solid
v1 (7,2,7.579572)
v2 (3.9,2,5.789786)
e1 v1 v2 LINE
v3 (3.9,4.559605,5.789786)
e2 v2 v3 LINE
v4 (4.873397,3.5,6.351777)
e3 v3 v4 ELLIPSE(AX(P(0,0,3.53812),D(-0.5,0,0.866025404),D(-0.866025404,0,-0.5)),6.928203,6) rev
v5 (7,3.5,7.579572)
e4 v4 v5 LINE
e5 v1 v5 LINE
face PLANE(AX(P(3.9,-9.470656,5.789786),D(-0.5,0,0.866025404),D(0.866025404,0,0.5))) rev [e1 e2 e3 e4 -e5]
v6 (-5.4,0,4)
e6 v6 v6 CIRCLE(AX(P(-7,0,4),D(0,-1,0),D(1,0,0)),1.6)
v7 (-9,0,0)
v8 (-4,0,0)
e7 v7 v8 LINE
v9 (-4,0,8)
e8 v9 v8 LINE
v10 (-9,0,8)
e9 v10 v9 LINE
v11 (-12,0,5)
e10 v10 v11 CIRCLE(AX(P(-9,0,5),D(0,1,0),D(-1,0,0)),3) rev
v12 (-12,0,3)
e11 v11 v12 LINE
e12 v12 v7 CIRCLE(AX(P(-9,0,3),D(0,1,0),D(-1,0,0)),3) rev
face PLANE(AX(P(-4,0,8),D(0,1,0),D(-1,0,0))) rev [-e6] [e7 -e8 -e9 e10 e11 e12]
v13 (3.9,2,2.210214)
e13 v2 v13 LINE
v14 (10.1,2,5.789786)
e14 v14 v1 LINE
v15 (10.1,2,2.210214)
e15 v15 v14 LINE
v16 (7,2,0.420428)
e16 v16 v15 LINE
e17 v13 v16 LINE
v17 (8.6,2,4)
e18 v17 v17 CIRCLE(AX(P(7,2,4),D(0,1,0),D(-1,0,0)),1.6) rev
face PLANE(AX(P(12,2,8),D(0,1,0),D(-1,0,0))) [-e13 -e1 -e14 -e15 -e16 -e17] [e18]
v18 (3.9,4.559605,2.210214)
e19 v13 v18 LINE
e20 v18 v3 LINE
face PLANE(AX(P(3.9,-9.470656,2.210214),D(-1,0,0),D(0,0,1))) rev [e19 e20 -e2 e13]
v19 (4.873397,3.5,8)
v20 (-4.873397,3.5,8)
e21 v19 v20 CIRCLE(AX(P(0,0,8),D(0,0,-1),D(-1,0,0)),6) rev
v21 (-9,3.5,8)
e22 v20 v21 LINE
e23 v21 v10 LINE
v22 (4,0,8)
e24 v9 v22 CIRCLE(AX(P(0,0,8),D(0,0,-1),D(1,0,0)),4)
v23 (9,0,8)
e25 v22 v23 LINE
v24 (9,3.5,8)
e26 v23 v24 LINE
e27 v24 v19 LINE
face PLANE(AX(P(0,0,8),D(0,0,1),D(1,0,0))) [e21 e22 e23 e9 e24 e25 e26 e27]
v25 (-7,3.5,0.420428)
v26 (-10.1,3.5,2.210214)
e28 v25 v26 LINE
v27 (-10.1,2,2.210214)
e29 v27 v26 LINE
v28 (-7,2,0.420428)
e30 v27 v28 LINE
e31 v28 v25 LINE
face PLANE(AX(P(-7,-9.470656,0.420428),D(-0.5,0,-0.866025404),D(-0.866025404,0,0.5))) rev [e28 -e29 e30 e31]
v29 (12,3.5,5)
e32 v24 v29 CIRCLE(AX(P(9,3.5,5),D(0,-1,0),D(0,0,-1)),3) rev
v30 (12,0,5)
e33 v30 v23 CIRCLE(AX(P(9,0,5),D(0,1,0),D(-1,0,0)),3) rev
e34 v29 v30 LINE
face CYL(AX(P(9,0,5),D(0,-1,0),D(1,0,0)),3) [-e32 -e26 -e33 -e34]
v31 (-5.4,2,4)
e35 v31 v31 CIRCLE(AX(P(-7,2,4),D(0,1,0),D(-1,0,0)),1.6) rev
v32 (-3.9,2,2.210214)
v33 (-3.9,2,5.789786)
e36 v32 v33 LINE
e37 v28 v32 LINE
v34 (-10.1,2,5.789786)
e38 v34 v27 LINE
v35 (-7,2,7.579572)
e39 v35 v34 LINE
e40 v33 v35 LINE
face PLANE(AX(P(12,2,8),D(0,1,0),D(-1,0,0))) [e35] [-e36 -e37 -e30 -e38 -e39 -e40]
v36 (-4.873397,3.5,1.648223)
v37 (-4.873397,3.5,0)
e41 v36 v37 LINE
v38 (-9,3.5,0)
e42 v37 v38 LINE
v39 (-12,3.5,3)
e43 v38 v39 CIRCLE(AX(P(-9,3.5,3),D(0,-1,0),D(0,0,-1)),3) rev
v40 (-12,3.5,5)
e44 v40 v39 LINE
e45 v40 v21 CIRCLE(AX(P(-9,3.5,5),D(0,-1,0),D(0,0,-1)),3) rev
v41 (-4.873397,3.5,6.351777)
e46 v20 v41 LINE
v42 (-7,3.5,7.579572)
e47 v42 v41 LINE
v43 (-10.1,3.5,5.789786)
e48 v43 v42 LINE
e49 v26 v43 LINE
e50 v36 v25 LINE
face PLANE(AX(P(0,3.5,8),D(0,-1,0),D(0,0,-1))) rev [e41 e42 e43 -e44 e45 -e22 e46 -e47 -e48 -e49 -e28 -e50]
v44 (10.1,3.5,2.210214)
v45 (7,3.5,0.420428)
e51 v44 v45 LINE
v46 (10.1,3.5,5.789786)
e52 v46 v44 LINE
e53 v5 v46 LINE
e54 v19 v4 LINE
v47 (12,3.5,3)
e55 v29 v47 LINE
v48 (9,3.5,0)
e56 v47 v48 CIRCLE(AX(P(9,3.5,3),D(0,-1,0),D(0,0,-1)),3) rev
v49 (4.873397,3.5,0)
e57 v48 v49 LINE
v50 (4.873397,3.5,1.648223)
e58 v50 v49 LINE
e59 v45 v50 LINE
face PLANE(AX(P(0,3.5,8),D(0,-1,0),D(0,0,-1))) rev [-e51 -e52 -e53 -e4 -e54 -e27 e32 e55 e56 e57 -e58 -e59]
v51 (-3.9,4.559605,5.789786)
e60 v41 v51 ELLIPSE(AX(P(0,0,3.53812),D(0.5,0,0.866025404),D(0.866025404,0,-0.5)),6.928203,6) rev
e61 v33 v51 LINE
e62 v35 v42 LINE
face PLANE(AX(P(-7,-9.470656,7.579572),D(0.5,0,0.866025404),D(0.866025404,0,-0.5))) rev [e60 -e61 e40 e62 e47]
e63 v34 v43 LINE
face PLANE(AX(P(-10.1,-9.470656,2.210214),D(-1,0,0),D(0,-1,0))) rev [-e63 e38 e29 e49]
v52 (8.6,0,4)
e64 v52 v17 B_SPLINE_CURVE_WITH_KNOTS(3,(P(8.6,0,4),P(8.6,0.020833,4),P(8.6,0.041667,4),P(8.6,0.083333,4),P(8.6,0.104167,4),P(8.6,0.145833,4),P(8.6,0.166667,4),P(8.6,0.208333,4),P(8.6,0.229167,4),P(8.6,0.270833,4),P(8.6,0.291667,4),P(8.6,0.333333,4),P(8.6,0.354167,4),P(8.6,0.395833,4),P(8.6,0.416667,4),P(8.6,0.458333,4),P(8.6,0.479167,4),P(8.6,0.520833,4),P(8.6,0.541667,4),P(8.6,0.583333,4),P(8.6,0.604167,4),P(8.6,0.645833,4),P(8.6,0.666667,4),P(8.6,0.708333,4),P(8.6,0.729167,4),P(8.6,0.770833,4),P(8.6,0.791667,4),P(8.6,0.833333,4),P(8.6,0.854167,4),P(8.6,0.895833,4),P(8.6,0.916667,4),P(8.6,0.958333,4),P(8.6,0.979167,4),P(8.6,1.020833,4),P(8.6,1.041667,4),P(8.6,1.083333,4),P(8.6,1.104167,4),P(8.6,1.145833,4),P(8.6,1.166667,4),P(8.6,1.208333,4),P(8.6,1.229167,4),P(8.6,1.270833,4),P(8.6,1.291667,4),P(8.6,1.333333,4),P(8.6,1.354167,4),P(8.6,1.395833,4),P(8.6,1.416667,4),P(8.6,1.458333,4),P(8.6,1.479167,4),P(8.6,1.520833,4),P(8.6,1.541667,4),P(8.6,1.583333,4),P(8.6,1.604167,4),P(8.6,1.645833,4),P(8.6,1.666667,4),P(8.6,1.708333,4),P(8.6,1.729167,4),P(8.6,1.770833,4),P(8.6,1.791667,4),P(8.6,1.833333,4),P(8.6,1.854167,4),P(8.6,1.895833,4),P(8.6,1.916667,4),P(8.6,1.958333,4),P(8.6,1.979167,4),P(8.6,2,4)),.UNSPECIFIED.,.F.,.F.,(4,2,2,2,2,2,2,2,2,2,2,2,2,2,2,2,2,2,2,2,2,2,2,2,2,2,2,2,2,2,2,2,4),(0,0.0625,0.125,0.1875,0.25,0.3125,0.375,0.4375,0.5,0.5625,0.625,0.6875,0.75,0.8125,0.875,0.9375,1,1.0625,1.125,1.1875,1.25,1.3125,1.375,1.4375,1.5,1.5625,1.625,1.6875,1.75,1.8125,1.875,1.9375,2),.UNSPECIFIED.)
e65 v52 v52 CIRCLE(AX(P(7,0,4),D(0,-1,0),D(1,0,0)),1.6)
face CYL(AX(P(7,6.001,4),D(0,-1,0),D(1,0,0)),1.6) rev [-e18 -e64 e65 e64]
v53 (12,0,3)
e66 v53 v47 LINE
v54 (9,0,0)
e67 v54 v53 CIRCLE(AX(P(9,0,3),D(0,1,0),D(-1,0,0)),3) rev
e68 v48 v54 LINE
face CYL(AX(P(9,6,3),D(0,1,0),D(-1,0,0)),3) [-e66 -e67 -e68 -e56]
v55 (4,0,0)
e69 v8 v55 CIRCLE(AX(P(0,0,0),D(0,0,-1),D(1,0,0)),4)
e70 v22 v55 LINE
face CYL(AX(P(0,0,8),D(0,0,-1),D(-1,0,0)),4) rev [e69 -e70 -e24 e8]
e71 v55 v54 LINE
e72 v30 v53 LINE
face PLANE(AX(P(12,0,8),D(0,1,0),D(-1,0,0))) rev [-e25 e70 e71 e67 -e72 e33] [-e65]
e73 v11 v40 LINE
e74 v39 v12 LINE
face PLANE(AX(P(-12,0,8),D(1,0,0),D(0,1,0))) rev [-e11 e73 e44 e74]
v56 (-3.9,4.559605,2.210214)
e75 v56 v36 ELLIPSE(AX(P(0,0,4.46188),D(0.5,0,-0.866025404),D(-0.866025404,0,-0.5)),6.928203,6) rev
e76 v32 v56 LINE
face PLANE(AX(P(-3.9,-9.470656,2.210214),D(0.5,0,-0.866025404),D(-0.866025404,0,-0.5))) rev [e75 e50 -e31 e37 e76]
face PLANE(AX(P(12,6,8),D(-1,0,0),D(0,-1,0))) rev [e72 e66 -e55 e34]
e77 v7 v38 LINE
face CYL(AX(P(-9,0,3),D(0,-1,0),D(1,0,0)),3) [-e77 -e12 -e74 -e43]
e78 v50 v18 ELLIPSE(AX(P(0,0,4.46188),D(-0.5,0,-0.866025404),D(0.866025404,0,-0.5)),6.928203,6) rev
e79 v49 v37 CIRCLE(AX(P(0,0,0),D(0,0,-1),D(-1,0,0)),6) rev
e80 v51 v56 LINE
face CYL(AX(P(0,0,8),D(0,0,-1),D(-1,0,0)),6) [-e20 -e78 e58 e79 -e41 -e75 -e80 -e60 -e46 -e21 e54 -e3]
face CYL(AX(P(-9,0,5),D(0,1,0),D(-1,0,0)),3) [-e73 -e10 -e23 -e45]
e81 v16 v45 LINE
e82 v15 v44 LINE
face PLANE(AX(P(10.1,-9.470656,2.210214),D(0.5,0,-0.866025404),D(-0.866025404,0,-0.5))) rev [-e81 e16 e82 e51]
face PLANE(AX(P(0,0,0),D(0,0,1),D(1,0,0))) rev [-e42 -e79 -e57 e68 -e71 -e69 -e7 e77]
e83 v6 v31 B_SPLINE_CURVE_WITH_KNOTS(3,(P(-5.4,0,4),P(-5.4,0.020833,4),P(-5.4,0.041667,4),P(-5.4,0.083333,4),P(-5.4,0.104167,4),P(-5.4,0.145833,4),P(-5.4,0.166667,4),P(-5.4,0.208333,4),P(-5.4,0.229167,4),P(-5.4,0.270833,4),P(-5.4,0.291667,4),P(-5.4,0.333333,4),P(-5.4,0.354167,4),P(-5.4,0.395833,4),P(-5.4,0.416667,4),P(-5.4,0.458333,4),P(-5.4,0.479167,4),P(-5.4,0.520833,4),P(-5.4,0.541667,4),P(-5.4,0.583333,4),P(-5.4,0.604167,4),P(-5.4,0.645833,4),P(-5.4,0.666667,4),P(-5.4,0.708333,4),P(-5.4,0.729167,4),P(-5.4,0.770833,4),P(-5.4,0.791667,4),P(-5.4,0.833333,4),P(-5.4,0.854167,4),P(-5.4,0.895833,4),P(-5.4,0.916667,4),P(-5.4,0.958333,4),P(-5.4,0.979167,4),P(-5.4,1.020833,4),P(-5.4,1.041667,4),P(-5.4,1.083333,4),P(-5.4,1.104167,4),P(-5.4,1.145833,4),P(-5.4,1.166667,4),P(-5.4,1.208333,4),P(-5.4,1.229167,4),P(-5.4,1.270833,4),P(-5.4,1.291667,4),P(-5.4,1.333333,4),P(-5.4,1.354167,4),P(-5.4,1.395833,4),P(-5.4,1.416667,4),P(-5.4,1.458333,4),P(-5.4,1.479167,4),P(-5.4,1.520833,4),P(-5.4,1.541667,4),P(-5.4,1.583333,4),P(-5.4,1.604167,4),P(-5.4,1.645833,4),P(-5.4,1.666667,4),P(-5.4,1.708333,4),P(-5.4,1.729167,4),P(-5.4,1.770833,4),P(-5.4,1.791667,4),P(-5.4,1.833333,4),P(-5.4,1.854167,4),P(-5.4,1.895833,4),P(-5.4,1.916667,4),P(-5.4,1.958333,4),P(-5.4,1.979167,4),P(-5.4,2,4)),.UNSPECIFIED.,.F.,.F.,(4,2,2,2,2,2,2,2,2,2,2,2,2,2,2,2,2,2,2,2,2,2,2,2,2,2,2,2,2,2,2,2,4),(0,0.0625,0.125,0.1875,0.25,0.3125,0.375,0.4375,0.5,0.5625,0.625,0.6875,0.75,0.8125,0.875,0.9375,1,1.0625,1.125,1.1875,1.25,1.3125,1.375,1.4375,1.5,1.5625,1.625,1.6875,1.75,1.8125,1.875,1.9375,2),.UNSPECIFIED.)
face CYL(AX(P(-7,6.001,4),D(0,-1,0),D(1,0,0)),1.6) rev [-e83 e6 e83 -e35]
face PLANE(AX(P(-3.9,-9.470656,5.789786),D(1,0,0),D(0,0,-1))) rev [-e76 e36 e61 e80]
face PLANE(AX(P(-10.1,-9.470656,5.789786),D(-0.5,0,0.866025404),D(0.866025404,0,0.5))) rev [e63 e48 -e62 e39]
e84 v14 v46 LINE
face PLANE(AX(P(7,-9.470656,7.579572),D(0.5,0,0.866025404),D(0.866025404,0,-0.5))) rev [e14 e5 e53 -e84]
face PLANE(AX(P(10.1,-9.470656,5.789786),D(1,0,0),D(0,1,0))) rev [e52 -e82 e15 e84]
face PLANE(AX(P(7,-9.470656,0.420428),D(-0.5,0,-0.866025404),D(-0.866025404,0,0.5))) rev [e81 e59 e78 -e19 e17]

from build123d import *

# Parameters (mm, degrees)
BOSS_EXTRUDE1_DEPTH = 8
CUT_EXTRUDE1_REACH  = 17.62
SKETCH3_R           = 1.6
CUT_EXTRUDE2_DEPTH  = 4
FILLET1_R           = 3
SKETCH5_W           = 3
SKETCH5_H           = 2.5
CUT_EXTRUDE3_DEPTH  = 16.620499352


with BuildPart() as part:
    # Sketch1 → Boss-Extrude1 (new body)
    with BuildSketch(Plane.XY):
        with BuildLine():
            Line((-4, 0), (-12, 0))
            Line((-12, 0), (-12, 6))
            Line((-12, 6), (12, 6))
            Line((12, 6), (12, 0))
            Line((12, 0), (4, 0))
            ThreePointArc((4, 0), (0, 4), (-4, 0))
        make_face()
    extrude(amount=BOSS_EXTRUDE1_DEPTH)

    # Sketch3 → Cut-Extrude1 (cut, up to next)
    with BuildSketch(Plane.XZ, mode=Mode.PRIVATE) as cut_extrude1_sk1:
        with Locations((7, 4)):
            Circle(SKETCH3_R)
    cut_extrude1_tool1 = extrude(cut_extrude1_sk1.sketch, amount=-CUT_EXTRUDE1_REACH, mode=Mode.PRIVATE) & part.part
    # Sketch3 → Cut-Extrude1 (cut, up to next)
    with BuildSketch(Plane.XZ, mode=Mode.PRIVATE) as cut_extrude1_sk2:
        with Locations((-7, 4)):
            Circle(SKETCH3_R)
    cut_extrude1_tool2 = extrude(cut_extrude1_sk2.sketch, amount=-CUT_EXTRUDE1_REACH, mode=Mode.PRIVATE) & part.part
    add(cut_extrude1_tool1.solids().sort_by_distance((7, 0, 4))[0], mode=Mode.SUBTRACT)
    add(cut_extrude1_tool2.solids().sort_by_distance((-7, 0, 4))[0], mode=Mode.SUBTRACT)

    # Sketch4 → Cut-Extrude2 (cut)
    with BuildSketch(Plane(origin=(0, 6, 0), x_dir=(1, 0, 0), z_dir=(0, 1, 0))):
        Polygon((7, -0.420428331), (3.9, -2.210214166), (3.9, -5.789785834), (7, -7.579571669), (10.1, -5.789785834), (10.1, -2.210214166), align=None)
        Polygon((-7, -0.420428331), (-10.1, -2.210214166), (-10.1, -5.789785834), (-7, -7.579571669), (-3.9, -5.789785834), (-3.9, -2.210214166), align=None)
    extrude(amount=-CUT_EXTRUDE2_DEPTH, mode=Mode.SUBTRACT)

    # Fillet1
    fillet1_edges = [part.edges().sort_by_distance(p)[0] for p in [
        (12, 3, 8),
        (-12, 3, 8),
        (-12, 3, 0),
        (12, 3, 0),
    ]]
    fillet(fillet1_edges, radius=FILLET1_R)

    # Sketch5 → Cut-Extrude3 (cut, through all)
    with BuildSketch(Plane(origin=(0, 0, 0), x_dir=(-1, 0, 0), z_dir=(0, 0, -1))):
        with BuildLine():
            Line((-9, 6), (-9, 3.5))
            Line((-9, 3.5), (-4.873397172, 3.5))
            ThreePointArc((-4.873397172, 3.5), (-2.738612785, 5.338539127), (6e-09, 6))
            Line((6e-09, 6), (-9, 6))
        make_face()
        with Locations((-10.5, 4.75)):
            Rectangle(SKETCH5_W, SKETCH5_H)
        with BuildLine():
            Line((9, 6), (6e-09, 6))
            ThreePointArc((6e-09, 6), (2.73861279, 5.338539125), (4.873397172, 3.5))
            Line((4.873397172, 3.5), (9, 3.5))
            Line((9, 3.5), (9, 6))
        make_face()
        with Locations((10.5, 4.75)):
            Rectangle(SKETCH5_W, SKETCH5_H)
    extrude(amount=-CUT_EXTRUDE3_DEPTH, mode=Mode.SUBTRACT)


solid = part.part
